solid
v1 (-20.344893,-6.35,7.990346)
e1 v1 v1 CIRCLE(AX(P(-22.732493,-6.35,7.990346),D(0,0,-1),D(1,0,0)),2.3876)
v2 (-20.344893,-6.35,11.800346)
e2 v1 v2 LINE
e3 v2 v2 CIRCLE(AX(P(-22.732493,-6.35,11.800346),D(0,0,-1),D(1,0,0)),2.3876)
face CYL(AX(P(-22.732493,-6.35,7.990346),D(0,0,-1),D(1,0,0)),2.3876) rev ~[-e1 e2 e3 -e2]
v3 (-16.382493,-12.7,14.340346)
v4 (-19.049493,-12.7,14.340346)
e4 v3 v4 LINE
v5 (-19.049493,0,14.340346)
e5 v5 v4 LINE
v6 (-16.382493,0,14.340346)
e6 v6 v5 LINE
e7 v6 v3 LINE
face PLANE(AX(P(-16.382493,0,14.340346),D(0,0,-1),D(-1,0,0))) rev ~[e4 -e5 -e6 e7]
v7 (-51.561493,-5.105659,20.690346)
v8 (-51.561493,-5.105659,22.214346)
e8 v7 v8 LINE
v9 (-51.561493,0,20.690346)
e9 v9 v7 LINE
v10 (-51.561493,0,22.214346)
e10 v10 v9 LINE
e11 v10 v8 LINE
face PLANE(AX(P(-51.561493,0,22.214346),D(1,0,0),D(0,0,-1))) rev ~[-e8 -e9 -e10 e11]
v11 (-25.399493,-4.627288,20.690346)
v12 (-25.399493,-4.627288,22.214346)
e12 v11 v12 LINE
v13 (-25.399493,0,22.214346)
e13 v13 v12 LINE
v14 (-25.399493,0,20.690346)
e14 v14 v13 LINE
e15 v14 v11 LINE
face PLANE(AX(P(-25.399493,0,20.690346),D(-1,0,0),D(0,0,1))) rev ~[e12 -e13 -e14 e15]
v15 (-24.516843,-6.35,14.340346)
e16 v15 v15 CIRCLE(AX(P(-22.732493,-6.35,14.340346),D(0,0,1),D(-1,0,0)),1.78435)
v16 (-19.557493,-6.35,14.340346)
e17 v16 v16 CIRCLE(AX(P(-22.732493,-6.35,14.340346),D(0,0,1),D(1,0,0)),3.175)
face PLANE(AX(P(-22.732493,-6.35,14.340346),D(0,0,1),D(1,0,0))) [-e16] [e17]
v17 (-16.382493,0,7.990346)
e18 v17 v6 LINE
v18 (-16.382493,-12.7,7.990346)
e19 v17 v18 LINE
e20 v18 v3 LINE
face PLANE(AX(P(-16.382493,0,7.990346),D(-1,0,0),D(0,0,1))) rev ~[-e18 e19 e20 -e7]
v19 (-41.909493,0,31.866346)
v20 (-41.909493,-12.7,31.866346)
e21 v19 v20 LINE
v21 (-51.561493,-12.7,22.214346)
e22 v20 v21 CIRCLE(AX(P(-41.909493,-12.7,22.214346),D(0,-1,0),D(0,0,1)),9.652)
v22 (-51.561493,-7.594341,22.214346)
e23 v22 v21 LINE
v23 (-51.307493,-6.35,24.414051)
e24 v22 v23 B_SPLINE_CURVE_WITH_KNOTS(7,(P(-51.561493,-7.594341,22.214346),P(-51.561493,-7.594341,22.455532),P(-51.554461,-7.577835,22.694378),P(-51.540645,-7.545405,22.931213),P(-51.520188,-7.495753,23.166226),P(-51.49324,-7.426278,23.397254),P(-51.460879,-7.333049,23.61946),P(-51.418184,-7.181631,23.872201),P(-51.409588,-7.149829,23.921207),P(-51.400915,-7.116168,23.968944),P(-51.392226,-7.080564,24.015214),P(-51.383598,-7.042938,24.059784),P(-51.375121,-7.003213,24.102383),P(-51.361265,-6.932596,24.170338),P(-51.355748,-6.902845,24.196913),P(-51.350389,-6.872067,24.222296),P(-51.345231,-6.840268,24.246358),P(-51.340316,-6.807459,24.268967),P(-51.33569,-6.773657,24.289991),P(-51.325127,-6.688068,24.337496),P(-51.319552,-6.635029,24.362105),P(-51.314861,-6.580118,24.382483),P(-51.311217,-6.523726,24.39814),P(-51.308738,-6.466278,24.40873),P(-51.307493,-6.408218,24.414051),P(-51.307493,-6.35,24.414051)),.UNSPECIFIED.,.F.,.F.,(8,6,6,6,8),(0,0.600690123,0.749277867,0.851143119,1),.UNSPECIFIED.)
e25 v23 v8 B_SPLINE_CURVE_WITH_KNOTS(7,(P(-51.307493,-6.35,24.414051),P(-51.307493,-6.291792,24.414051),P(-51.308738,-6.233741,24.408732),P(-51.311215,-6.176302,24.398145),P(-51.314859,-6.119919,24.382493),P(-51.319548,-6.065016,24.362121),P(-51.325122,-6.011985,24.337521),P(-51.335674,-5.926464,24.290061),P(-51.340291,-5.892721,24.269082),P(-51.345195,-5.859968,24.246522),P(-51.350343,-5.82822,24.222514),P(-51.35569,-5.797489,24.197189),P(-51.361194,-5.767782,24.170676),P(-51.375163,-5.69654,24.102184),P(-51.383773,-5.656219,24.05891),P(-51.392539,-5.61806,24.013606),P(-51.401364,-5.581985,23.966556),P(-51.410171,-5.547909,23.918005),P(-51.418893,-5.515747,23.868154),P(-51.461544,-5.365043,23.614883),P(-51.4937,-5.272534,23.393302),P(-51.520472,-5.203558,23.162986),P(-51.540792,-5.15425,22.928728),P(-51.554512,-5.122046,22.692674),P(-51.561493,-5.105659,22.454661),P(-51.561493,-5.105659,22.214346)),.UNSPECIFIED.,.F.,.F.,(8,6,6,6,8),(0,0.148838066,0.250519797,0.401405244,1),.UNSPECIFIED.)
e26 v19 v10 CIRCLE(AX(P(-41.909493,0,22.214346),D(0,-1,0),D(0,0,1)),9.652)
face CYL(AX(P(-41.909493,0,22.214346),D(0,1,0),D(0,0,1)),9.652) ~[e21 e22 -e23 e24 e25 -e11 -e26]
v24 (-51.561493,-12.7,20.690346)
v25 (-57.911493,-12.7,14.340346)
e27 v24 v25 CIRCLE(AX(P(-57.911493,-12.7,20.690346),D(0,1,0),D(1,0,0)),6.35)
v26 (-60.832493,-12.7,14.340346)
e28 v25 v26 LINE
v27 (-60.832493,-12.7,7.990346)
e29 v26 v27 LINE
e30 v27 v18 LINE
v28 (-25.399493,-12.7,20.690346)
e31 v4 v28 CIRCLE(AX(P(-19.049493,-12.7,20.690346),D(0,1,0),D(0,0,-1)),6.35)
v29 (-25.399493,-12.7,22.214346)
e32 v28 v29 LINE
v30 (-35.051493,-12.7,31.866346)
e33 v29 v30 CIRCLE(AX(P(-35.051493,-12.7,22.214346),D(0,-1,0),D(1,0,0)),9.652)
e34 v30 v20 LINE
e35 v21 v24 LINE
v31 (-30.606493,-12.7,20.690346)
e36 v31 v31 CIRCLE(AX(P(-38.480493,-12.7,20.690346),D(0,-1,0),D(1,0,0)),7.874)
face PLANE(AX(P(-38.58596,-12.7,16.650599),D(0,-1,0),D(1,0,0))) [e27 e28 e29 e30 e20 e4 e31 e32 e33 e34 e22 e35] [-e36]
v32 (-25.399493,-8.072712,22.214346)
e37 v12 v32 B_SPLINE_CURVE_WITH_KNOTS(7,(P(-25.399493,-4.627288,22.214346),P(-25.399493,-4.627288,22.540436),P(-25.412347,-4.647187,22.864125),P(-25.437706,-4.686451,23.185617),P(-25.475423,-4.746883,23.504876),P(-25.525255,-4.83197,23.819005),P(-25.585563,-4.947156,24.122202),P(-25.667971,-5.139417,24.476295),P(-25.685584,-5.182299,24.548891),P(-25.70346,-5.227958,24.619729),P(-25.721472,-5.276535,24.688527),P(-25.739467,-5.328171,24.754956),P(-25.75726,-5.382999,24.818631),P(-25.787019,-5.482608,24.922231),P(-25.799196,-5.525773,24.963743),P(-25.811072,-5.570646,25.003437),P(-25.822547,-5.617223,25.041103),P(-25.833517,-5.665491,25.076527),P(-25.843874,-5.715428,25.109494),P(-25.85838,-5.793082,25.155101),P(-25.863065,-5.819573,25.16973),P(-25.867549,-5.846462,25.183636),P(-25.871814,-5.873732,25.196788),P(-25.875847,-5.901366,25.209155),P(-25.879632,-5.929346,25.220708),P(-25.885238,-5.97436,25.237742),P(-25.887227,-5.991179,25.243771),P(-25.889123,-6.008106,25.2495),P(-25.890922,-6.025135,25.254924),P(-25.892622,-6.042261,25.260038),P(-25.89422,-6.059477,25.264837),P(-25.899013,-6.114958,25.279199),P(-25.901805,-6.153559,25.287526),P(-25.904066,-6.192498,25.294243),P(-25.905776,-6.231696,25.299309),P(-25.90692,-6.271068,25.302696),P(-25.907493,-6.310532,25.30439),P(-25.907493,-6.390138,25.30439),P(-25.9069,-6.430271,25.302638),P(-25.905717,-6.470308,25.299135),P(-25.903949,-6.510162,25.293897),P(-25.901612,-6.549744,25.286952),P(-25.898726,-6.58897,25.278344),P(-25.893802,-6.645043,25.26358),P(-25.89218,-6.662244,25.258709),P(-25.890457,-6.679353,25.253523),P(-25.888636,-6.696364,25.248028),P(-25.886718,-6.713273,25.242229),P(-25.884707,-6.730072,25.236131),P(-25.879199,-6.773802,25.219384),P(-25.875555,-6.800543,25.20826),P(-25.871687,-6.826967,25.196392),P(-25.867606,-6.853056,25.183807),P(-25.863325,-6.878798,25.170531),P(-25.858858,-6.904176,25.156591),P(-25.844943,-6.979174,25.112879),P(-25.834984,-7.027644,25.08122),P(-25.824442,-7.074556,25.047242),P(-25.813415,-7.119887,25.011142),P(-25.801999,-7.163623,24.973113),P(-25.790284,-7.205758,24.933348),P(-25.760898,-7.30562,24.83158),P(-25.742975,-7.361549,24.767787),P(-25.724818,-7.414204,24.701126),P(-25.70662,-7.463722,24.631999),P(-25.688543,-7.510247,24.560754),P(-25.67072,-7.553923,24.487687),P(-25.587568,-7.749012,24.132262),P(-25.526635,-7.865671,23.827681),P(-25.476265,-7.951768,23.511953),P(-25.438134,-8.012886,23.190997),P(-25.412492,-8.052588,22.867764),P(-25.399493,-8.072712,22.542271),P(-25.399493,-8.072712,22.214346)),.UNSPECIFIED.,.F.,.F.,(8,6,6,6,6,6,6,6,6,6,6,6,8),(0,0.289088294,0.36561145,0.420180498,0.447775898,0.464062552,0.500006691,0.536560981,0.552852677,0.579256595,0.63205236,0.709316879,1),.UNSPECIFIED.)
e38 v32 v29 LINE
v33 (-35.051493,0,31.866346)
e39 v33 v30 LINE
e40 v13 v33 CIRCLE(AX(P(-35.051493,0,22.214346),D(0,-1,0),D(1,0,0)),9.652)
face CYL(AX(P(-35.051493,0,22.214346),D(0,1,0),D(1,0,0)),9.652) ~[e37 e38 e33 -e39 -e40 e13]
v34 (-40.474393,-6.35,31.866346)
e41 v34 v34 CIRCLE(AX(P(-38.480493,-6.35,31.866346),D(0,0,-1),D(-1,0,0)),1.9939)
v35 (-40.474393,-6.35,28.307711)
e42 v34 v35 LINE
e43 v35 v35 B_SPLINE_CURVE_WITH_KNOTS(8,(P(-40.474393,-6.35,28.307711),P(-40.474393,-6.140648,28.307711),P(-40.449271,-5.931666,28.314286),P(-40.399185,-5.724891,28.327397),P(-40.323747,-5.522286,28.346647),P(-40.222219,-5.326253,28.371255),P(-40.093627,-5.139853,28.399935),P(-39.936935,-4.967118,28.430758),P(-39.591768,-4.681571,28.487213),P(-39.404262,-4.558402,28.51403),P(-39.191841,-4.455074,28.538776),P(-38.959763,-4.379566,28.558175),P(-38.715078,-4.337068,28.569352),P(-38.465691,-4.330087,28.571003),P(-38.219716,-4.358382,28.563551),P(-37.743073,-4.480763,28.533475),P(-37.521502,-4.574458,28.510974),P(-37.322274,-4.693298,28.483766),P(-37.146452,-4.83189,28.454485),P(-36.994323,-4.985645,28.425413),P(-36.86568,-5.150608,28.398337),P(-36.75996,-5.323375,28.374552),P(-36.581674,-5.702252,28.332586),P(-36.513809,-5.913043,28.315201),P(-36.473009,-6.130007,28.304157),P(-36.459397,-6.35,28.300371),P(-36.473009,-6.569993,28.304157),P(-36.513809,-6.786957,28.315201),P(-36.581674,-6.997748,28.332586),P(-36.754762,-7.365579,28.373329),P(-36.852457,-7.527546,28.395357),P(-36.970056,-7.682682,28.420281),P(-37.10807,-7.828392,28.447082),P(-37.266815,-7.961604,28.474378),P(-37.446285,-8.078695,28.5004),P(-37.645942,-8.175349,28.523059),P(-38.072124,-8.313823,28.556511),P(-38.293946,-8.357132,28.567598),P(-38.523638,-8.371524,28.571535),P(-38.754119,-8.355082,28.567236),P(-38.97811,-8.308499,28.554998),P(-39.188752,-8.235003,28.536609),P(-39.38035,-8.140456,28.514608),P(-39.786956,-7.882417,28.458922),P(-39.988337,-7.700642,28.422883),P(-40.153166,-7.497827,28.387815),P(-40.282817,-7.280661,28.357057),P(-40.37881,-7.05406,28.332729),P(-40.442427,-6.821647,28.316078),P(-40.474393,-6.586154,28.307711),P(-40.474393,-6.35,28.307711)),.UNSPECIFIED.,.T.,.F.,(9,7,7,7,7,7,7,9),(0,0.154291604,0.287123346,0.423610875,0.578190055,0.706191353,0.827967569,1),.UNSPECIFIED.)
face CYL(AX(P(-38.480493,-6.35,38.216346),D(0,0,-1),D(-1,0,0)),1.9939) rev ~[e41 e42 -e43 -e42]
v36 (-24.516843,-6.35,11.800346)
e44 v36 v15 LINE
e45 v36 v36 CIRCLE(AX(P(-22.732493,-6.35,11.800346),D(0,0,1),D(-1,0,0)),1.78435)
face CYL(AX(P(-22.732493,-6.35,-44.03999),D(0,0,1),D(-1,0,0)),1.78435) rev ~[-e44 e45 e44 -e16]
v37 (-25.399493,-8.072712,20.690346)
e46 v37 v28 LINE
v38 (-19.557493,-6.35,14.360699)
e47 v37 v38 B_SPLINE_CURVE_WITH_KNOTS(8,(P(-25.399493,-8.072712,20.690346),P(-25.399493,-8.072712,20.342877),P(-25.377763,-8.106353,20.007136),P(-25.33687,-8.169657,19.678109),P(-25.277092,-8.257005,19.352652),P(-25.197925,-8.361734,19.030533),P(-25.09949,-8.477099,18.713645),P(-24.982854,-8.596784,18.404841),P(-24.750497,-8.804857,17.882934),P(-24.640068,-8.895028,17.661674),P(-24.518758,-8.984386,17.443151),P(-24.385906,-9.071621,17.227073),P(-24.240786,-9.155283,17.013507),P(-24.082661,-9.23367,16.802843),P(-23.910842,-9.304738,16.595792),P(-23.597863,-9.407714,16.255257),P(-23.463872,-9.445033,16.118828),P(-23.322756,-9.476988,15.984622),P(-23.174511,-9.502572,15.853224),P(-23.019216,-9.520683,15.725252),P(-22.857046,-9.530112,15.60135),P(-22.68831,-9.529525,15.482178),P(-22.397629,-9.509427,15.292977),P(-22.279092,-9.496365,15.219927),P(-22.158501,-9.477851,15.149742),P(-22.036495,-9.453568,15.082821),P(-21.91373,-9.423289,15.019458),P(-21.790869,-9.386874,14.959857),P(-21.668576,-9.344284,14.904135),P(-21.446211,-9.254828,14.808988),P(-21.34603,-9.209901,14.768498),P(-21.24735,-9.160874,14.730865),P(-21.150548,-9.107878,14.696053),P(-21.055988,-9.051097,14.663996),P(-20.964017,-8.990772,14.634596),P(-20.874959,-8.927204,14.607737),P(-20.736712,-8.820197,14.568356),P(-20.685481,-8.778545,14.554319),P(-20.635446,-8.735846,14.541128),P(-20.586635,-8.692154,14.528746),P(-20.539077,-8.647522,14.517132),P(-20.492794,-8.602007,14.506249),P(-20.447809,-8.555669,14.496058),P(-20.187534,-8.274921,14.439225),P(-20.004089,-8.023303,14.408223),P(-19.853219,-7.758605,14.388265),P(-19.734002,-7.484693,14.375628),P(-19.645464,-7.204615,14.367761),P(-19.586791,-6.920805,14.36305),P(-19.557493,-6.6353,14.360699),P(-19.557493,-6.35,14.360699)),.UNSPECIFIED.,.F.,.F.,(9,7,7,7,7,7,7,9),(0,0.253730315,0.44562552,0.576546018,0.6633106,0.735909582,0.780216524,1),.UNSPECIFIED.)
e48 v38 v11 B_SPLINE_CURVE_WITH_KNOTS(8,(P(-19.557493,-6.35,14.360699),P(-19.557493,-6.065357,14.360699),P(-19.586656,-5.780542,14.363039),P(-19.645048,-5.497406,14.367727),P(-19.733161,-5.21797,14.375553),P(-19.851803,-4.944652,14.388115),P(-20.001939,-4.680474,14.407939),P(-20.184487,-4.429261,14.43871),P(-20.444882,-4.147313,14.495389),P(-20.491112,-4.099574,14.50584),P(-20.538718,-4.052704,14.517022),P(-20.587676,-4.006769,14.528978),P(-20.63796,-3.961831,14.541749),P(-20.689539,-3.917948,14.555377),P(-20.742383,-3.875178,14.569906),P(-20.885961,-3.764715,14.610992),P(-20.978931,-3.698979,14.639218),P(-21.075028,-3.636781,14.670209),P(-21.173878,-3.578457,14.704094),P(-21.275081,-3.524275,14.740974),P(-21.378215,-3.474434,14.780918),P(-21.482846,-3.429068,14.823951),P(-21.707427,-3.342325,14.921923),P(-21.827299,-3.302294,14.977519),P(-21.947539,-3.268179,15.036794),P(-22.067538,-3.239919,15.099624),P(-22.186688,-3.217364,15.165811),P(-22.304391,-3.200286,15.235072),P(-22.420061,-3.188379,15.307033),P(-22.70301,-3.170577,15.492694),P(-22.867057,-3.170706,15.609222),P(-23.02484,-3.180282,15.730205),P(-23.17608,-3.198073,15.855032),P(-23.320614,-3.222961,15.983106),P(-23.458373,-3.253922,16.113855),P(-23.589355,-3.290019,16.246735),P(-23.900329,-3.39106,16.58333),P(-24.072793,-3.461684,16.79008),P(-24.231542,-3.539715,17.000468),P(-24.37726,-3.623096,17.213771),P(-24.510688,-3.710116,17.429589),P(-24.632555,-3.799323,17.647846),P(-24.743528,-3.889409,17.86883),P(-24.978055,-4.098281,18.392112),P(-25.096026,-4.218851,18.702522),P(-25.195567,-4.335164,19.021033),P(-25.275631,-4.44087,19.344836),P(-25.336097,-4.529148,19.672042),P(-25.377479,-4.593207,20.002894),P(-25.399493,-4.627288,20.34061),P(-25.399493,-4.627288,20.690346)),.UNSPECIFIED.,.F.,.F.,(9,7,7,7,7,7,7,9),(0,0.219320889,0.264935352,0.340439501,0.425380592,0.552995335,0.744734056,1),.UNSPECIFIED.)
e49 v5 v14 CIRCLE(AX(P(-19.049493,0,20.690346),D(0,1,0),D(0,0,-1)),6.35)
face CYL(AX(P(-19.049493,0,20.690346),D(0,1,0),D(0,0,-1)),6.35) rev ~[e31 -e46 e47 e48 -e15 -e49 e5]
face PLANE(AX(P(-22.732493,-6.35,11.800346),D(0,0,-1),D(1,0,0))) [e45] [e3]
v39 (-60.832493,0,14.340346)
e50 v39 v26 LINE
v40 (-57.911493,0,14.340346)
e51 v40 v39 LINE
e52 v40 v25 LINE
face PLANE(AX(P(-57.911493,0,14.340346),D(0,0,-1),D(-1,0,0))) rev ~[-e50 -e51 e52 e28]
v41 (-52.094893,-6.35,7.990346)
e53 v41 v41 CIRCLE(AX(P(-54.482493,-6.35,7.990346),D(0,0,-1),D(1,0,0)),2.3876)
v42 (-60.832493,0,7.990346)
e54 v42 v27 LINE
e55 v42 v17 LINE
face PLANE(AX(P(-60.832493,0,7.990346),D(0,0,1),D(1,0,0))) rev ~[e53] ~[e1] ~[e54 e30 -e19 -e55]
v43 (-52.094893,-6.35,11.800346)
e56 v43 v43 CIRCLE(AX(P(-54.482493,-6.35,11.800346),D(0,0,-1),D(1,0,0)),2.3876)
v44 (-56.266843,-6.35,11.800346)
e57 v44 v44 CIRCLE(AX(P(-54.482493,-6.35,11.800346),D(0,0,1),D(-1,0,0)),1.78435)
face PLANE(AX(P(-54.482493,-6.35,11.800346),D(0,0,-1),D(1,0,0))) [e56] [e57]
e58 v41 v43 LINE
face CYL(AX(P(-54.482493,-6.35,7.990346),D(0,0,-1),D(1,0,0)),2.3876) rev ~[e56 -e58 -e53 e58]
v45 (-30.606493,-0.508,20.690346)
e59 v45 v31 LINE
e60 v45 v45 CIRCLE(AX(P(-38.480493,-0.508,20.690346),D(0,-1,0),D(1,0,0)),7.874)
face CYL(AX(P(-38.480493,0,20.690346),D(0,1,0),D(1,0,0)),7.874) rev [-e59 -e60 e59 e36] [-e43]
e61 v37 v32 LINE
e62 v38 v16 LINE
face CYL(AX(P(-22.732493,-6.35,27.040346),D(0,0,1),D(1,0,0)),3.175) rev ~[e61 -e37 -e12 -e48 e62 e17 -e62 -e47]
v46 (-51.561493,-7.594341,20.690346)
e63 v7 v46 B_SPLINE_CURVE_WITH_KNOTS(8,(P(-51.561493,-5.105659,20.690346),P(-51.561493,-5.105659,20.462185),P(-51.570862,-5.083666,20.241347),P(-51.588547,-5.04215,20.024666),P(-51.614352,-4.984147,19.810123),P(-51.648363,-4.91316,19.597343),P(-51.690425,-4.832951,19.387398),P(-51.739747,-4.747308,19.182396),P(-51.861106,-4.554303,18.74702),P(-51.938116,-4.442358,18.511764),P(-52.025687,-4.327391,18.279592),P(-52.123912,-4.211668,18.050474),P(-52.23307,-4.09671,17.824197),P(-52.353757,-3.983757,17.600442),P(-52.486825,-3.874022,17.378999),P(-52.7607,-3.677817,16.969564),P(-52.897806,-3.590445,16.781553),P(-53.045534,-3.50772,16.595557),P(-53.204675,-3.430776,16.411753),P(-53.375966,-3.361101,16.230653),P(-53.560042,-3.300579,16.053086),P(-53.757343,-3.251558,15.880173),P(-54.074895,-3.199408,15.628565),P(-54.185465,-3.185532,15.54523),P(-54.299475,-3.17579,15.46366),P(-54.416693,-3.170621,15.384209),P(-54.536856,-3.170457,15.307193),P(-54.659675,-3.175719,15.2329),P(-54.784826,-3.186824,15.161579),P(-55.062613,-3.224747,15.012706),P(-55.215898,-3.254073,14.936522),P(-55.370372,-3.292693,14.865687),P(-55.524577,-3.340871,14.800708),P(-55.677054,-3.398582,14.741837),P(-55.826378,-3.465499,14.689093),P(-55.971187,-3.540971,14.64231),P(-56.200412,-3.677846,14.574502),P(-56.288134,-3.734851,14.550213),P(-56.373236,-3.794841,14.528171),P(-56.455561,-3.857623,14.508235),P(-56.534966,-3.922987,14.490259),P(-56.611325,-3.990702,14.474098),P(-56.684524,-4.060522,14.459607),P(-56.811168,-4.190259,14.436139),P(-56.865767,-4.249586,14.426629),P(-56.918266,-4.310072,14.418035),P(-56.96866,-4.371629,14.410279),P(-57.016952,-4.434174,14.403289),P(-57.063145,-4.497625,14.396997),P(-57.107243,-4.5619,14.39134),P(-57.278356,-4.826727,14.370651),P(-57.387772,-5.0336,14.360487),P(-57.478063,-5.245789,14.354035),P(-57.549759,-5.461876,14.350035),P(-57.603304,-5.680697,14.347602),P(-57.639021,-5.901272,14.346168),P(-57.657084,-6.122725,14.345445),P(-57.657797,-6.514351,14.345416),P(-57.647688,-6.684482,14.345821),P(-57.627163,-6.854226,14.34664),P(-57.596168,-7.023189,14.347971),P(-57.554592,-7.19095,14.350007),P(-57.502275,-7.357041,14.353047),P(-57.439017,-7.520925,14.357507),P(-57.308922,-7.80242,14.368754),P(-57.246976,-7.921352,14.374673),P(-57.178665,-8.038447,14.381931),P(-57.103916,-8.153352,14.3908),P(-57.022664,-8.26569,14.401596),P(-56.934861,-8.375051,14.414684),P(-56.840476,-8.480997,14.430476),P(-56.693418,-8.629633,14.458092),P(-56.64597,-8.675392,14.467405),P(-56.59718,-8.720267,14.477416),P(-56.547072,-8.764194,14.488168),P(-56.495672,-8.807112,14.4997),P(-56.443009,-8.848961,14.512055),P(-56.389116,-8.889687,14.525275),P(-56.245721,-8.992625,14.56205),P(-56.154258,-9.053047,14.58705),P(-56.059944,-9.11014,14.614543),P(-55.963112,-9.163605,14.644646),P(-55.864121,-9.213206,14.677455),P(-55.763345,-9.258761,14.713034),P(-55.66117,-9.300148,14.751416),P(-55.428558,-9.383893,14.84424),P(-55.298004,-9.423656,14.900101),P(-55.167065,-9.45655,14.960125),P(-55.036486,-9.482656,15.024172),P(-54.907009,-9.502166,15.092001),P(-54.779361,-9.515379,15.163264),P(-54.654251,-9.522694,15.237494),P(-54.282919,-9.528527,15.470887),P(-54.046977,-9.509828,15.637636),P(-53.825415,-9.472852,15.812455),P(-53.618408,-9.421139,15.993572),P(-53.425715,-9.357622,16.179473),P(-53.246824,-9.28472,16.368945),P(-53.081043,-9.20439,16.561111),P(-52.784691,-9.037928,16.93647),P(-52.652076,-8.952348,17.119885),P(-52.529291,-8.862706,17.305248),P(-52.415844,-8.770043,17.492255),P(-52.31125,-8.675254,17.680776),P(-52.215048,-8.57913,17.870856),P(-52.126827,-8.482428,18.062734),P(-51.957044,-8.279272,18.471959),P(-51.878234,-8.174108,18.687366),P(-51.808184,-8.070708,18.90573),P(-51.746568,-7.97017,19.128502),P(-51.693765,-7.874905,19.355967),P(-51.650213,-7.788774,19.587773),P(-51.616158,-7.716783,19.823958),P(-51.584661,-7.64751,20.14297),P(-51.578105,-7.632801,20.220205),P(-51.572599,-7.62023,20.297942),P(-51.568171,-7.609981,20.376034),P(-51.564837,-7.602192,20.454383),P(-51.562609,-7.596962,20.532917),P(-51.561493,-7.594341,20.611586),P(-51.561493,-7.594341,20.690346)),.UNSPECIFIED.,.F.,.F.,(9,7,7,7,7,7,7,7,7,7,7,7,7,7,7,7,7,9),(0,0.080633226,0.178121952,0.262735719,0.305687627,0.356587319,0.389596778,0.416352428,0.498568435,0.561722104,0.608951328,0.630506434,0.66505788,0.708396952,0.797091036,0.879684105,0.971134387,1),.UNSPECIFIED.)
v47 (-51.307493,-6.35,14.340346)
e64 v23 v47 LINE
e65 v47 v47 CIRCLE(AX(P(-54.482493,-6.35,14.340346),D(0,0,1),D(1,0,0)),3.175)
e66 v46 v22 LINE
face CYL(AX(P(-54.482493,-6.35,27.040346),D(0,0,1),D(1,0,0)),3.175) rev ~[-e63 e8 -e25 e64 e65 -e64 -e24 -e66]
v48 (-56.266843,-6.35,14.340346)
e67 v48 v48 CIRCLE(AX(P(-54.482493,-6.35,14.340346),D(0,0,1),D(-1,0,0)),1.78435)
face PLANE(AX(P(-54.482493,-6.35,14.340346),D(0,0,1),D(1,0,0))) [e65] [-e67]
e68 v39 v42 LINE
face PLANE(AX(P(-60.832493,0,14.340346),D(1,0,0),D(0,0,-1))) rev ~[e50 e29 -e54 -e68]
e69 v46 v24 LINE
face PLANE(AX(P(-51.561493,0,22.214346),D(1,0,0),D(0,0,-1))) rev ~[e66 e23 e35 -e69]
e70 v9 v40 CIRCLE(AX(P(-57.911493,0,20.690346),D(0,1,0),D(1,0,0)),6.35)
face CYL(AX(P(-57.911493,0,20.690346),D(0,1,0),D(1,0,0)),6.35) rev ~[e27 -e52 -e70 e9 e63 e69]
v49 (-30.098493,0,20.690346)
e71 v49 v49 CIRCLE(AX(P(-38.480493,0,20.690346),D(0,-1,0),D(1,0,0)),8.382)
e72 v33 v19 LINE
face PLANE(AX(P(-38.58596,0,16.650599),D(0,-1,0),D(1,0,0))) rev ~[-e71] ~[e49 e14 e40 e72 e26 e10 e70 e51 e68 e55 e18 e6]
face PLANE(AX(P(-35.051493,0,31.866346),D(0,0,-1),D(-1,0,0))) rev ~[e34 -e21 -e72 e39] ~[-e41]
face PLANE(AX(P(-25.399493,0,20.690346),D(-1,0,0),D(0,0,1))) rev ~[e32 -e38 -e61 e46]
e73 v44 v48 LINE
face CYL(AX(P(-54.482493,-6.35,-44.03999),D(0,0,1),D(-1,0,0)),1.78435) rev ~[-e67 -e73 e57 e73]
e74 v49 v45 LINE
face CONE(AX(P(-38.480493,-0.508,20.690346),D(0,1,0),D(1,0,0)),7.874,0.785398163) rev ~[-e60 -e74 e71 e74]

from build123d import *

# Parameters (mm, degrees)
F0_R      = 7.874
F1_DEPTH  = 12.7
F3_D      = 3.5687
F2_R      = 2.3876
F4_DEPTH  = 3.81
F6_R      = 3.175
F7_DEPTH  = 12.7
F9_D      = 3.9878
F9_DEPTH  = 6.35
F9_TIP    = 1.1980559883
F10_SIZE2 = 0.508
F10_SIZE  = 0.508


with BuildPart() as f1:
    # F0 (on Front) → F1 (new body)
    with BuildSketch(Plane.XZ):
        with BuildLine():
            Line((-60.8324925442, 14.3403462902), (-60.8324925442, 7.9903462902))
            Line((-60.8324925442, 7.9903462902), (-16.3824925442, 7.9903462902))
            Line((-16.3824925442, 7.9903462902), (-16.3824925442, 14.3403462902))
            Line((-16.3824925442, 14.3403462902), (-19.0494925442, 14.3403462902))
            ThreePointArc((-19.0494925442, 14.3403462902), (-23.5396206047, 16.2002182296), (-25.3994925442, 20.6903462902))
            Line((-25.3994925442, 20.6903462902), (-25.3994925442, 22.2143462902))
            ThreePointArc((-25.3994925442, 22.2143462902), (-28.2264978922, 29.0393409422), (-35.0514925442, 31.8663462902))
            Line((-35.0514925442, 31.8663462902), (-41.9094925442, 31.8663462902))
            ThreePointArc((-41.9094925442, 31.8663462902), (-48.7344871962, 29.0393409422), (-51.5614925442, 22.2143462902))
            Line((-51.5614925442, 22.2143462902), (-51.5614925442, 20.6903462902))
            ThreePointArc((-51.5614925442, 20.6903462902), (-53.4213644836, 16.2002182296), (-57.9114925442, 14.3403462902))
            Line((-57.9114925442, 14.3403462902), (-60.8324925442, 14.3403462902))
        make_face()
        with Locations((-38.4804925442, 20.6903462902)):
            Circle(F0_R, mode=Mode.SUBTRACT)
    extrude(amount=F1_DEPTH)

    # F3 (through all)
    with Locations(Plane(origin=(0, 0, 7.9903462902), x_dir=(1, 0, 0), z_dir=(0, 0, -1))):
        with Locations((-54.4824925442, 6.35), (-22.7324925442, 6.35)):
            Hole(F3_D / 2)

    # F2 (on face) → F4 (cut)
    with BuildSketch(Plane(origin=(0, 0, 7.9903462902), x_dir=(1, 0, 0), z_dir=(0, 0, -1))):
        with Locations((-54.4824925442, 6.35)):
            Circle(F2_R)
        with Locations((-22.7324925442, 6.35)):
            Circle(F2_R)
    extrude(amount=-F4_DEPTH, mode=Mode.SUBTRACT)

    # F6 (on offset) → F7 (cut)
    with BuildSketch(Plane.XY.offset(27.0403462902)):
        with Locations((-54.4824925442, -6.35)):
            Circle(F6_R)
        with Locations((-22.7324925442, -6.35)):
            Circle(F6_R)
    extrude(amount=-F7_DEPTH, mode=Mode.SUBTRACT)

    # F9
    with Locations(Plane.XY.offset(31.8663462902)):
        with Locations((-38.4804925442, -6.35)):
            Hole(F9_D / 2, depth=F9_DEPTH)
            with Locations((0, 0, -(F9_DEPTH + F9_TIP / 2))):  # 118° drill point
                Cone(0, F9_D / 2, F9_TIP, mode=Mode.SUBTRACT)

    # F10
    f10_edges = [f1.edges().sort_by_distance(p)[0] for p in [
        (-46.354493, 0, 20.690346),
    ]]
    chamfer(f10_edges, length=F10_SIZE, length2=F10_SIZE2)


solid = f1.part
